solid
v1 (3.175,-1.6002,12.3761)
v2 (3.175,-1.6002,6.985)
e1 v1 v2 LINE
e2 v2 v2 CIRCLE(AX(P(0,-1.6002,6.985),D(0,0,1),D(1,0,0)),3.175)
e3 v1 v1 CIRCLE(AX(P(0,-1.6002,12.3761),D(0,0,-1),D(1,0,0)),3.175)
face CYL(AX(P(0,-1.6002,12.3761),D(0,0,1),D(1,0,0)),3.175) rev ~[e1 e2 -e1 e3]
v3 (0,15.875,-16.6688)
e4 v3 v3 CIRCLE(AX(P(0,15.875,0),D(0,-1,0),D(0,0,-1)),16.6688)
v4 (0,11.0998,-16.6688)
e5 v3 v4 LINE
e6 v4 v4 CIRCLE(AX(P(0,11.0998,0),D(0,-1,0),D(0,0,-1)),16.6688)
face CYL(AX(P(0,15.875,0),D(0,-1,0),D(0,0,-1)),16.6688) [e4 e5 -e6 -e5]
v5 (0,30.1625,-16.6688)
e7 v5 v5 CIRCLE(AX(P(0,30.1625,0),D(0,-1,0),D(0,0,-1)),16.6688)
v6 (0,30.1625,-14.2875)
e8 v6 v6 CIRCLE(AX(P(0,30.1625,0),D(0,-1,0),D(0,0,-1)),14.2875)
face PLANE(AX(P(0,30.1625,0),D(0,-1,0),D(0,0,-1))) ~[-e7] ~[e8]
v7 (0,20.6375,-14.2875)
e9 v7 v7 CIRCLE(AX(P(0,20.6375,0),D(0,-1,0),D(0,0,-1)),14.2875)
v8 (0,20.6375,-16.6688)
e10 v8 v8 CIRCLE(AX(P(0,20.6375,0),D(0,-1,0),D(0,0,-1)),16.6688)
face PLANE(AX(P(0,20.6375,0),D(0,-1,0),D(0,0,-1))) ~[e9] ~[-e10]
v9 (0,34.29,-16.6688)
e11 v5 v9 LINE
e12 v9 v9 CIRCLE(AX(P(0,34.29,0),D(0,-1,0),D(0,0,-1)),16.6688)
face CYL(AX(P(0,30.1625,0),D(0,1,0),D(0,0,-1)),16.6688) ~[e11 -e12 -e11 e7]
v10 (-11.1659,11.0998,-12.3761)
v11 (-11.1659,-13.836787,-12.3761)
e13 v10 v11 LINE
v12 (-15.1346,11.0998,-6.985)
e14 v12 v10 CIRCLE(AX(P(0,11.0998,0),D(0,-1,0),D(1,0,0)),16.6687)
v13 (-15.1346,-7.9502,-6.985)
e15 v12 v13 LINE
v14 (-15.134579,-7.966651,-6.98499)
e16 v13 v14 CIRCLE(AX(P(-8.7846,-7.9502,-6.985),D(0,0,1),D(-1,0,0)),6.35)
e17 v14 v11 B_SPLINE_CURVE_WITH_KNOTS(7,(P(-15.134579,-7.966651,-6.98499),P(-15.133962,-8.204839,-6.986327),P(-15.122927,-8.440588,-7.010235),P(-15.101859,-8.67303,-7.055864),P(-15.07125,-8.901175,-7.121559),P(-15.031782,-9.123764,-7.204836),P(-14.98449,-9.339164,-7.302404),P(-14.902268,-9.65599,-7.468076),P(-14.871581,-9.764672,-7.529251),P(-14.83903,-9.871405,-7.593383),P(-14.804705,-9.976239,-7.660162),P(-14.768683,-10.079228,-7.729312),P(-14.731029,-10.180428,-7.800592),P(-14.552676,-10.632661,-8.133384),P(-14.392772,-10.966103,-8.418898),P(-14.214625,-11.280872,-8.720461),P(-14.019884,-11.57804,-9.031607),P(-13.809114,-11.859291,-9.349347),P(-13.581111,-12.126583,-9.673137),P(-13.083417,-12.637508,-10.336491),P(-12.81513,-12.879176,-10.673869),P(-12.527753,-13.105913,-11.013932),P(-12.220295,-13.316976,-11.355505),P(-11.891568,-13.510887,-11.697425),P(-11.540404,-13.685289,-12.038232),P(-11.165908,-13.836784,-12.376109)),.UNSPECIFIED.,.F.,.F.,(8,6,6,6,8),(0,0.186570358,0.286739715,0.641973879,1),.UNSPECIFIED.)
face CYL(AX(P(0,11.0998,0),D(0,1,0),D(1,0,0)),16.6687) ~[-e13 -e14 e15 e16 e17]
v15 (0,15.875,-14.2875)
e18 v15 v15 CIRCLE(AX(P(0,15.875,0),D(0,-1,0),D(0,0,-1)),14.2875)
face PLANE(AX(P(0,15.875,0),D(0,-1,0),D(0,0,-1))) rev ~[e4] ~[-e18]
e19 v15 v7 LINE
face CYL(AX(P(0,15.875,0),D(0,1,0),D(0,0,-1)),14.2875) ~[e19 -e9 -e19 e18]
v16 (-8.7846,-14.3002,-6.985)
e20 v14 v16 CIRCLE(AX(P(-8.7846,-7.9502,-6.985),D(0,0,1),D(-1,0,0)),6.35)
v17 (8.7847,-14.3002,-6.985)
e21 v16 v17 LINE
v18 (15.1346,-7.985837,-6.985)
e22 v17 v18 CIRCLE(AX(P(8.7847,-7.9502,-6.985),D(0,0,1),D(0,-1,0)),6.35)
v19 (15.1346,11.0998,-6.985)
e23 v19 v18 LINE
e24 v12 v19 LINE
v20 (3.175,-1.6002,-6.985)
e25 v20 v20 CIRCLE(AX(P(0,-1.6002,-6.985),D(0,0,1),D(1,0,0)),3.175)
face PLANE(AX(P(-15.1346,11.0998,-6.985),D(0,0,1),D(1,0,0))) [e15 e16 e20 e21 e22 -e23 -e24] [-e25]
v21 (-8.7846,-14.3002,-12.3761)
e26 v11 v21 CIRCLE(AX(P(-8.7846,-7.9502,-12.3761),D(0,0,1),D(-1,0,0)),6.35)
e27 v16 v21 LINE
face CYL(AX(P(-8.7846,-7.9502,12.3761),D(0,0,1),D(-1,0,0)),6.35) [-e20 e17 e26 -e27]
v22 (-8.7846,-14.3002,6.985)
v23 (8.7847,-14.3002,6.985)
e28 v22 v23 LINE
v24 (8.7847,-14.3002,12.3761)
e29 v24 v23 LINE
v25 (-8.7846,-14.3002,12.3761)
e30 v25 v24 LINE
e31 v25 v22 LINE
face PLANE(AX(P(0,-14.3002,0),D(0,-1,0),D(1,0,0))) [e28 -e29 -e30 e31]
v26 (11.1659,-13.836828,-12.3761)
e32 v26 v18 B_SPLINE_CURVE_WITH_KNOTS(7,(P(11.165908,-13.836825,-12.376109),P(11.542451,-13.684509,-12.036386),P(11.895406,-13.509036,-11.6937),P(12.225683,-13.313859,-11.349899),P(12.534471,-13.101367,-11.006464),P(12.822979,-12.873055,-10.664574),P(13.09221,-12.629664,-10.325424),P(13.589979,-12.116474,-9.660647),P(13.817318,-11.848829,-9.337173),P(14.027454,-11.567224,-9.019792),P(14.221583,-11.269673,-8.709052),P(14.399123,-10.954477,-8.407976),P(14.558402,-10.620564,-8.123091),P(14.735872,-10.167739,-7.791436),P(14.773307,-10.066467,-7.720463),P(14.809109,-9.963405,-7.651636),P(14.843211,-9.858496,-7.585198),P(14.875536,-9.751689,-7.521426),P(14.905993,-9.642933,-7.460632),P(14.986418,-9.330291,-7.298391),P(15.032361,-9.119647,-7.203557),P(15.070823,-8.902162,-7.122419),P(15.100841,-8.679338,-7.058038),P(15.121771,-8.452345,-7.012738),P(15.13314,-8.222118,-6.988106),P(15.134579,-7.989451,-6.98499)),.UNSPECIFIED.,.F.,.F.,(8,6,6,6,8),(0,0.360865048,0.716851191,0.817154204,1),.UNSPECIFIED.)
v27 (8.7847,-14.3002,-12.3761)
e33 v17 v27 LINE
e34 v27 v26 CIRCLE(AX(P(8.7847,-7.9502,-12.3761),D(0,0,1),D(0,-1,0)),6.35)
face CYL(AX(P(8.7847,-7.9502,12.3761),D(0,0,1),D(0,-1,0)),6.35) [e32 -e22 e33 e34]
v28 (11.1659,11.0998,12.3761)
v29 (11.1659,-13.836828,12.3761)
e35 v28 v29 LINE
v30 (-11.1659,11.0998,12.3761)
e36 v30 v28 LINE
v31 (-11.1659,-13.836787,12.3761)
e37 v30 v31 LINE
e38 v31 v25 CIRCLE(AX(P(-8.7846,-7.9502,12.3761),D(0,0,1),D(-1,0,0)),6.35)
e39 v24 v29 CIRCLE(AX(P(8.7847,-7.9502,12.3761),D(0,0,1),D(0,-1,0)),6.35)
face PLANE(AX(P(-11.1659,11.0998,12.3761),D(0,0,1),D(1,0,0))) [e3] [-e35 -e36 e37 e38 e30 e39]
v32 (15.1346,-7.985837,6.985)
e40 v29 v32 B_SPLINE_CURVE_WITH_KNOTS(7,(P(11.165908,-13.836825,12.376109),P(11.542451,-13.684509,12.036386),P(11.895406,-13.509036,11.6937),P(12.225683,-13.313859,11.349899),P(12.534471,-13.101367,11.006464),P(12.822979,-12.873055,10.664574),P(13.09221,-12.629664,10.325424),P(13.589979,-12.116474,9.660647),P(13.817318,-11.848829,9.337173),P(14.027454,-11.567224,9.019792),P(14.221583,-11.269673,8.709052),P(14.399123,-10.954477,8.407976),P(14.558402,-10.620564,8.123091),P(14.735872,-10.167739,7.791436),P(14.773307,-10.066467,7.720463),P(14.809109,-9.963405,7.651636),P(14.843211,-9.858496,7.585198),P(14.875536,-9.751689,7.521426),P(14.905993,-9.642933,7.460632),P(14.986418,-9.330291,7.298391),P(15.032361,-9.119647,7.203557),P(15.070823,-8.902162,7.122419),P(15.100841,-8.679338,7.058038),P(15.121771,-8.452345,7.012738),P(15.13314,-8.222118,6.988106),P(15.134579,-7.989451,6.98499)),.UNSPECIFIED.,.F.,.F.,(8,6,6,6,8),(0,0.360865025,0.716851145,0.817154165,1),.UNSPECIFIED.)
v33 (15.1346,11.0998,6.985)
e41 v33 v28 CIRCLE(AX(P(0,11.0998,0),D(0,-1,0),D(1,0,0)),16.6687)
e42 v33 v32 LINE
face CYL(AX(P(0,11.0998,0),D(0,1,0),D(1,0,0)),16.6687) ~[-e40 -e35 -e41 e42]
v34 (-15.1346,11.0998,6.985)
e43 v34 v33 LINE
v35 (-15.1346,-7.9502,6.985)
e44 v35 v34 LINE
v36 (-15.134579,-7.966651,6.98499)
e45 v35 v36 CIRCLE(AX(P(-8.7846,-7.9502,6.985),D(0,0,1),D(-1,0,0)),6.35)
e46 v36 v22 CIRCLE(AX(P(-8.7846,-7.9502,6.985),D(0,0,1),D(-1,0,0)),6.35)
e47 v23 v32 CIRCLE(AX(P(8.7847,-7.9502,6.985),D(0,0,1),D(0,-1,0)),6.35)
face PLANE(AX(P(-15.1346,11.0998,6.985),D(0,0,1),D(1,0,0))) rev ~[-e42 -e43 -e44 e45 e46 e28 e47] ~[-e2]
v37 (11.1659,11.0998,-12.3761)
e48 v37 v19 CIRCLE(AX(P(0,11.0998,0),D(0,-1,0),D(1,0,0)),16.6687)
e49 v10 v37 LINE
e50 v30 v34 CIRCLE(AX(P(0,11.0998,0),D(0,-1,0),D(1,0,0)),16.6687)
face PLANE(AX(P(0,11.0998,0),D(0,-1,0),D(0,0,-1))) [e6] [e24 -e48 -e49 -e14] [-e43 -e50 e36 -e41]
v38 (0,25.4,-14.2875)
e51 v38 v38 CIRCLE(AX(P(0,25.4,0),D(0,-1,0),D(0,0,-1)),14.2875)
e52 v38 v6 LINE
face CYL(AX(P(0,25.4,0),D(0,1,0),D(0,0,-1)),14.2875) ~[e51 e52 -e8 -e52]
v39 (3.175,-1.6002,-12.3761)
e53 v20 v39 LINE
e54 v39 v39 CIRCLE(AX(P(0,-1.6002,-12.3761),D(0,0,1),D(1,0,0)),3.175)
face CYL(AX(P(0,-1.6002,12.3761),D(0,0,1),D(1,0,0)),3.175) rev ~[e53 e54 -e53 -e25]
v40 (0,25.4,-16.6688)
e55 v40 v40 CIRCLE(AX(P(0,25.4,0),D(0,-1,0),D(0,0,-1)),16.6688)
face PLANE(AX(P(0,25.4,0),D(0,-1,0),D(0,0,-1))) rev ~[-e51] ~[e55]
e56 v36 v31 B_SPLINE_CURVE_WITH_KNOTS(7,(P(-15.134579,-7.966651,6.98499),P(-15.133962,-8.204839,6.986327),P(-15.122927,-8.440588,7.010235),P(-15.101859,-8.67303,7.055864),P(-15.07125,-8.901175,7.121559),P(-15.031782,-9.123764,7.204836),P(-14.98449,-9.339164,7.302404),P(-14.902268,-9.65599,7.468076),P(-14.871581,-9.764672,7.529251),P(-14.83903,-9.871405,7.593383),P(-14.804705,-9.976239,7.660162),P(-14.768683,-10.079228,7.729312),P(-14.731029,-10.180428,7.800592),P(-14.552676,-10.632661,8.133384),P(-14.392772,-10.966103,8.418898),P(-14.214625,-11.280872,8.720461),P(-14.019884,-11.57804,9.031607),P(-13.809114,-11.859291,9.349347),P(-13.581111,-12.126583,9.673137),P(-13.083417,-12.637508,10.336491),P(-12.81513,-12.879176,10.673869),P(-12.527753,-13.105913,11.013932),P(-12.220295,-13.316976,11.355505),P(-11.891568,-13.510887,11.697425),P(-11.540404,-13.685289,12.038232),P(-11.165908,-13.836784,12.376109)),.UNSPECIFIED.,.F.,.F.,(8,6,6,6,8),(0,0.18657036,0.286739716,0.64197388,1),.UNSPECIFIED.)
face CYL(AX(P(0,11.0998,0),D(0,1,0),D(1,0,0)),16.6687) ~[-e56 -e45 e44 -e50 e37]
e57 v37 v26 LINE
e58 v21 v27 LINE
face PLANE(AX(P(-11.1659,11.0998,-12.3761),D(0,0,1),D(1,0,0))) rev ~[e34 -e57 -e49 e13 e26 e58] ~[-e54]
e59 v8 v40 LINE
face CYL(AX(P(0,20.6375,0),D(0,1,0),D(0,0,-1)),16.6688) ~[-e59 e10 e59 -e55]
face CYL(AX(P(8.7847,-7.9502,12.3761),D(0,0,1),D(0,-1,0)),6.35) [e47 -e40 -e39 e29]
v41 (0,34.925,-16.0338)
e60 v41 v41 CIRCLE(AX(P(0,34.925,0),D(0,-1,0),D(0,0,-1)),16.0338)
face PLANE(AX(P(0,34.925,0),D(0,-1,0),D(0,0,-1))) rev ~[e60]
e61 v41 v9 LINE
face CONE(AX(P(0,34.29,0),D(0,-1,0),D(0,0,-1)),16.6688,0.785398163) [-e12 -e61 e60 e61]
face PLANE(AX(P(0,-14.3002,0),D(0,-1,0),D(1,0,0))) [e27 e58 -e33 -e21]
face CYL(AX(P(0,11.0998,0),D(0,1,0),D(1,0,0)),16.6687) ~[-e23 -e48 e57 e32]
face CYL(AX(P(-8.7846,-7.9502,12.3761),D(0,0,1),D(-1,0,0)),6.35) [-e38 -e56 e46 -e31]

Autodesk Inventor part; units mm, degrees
ref_plane "YZ Plane" through (0, 0, 0) normal (1, 0, 0) x (0, 1, 0)
ref_plane "XZ Plane" through (0, 0, 0) normal (0, 1, 0) x (-1, 0, 0)
ref_plane "XY Plane" through (0, 0, 0) normal (0, 0, 1) x (1, 0, 0)
sketch "Sketch5" plane through (0, 0, 0) normal (1, 0, 0) x (0, 1, 0)
  line L0 (15.875, -16.6688) -> (15.875, -14.2875)
  line L1 (15.875, -14.2875) -> (20.6375, -14.2875)
  line L2 (20.6375, -14.2875) -> (20.6375, -16.6688)
  line L3 (20.6375, -16.6688) -> (25.4, -16.6688)
  line L4 (25.4, -16.6688) -> (25.4, -14.2875)
  line L5 (25.4, -14.2875) -> (30.1625, -14.2875)
  line L6 (30.1625, -14.2875) -> (30.1625, -16.6688)
  line L7 (30.1625, -16.6688) -> (34.925, -16.6688)
  line L8 (34.925, -16.6688) -> (34.925, 0)
  line L9 (15.875, -16.6688) -> (11.0998, -16.6688)
  line L10 (34.925, 0) -> (11.0998, 0)
  line L11 (11.0998, -16.6688) -> (11.0998, 0)
  dimension "d15" = 2.3813
  dimension "d16" = 4.7625
  dimension "d17" = 4.7625
  dimension "d18" = 4.7625
  dimension "d19" = 4.7625
  dimension "d38" = 4.7752
revolve "Revolution1" add sketch "Sketch5" angle 360 about axis through (0, 34.925, 0) along (0, -1, 0)
chamfer "Chamfer1" distance 0.635 angle 45 1 edges at (0, 34.925, 16.6688)
sketch "Sketch10" plane through (0, 11.0998, 0) normal (0, -1, 0) x (1, 0, 0)
  circle A0 centre (0, 0) radius 16.6687
  circle A1 centre (0, 0) radius 16.6687 projected
  line L0 (16.6687, 0) -> (-16.6687, 0)
  line L1 (-15.1346, -6.985) -> (15.1346, -6.985)
  line L2 (-11.1659, -12.3761) -> (11.1659, -12.3761)
  line L3 (-15.1346, 6.985) -> (15.1346, 6.985)
  line L4 (-11.1659, 12.3761) -> (11.1659, 12.3761)
  point P0 (15.1346, -6.985)
  point P1 (-15.1346, -6.985)
  point P2 (-15.1346, 6.985)
  point P3 (15.1346, 6.985)
extrude "Extrusion4" add sketch "Sketch10" along normal blind 25.4 contours L3 A0 L4 | A0 L2 L1
sketch "Sketch11" plane through (-11.1659, 11.0998, 12.3761) normal (0, 0, 1) x (1, 0, 0)
  line L0 (0, 0) -> (22.3319, 0) projected
  circle A0 centre (11.1659, -12.7) radius 3.175
  line L1 (11.1659, -12.7) -> (26.3006, -12.7)
  line L2 (26.3006, 0) -> (26.3006, -25.4) projected
  line L3 (26.3006, -12.7) -> (26.3006, -19.05)
  line L4 (19.9506, -25.4) -> (11.1659, -25.4)
  line L5 (11.1659, -12.7) -> (-3.9687, -12.7)
  line L6 (-3.9687, -12.7) -> (-3.9687, -19.05)
  line L7 (2.3813, -25.4) -> (11.1659, -25.4)
  arc A1 (-3.9687, -19.05) -> (2.3813, -25.4) centre (2.3813, -19.05) ccw
  arc A2 (19.9506, -25.4) -> (26.3006, -19.05) centre (19.9506, -19.05) ccw
  line L8 (-3.9687, -12.7) -> (-7.4888, -12.7)
  line L9 (-7.4888, -12.7) -> (-7.4888, -35.2698)
  line L10 (-7.4888, -35.2698) -> (38.3229, -35.2698)
  line L11 (38.3229, -35.2698) -> (38.3229, -12.7)
  line L12 (38.3229, -12.7) -> (26.3006, -12.7)
  point P0 (11.1659, -11.0998)
  point P1 (26.3006, -19.05)
  dimension "d55" = 6.35
  dimension "d58" = 6.35
extrude "Extrusion5" cut sketch "Sketch11" against normal blind 25.4 contours L1 L5 A0 | A0 L5 L1 | L12 L11 L10 L9 L8 L6 A1 L7 L4 A2 L2
properties part number "Piston Head"
